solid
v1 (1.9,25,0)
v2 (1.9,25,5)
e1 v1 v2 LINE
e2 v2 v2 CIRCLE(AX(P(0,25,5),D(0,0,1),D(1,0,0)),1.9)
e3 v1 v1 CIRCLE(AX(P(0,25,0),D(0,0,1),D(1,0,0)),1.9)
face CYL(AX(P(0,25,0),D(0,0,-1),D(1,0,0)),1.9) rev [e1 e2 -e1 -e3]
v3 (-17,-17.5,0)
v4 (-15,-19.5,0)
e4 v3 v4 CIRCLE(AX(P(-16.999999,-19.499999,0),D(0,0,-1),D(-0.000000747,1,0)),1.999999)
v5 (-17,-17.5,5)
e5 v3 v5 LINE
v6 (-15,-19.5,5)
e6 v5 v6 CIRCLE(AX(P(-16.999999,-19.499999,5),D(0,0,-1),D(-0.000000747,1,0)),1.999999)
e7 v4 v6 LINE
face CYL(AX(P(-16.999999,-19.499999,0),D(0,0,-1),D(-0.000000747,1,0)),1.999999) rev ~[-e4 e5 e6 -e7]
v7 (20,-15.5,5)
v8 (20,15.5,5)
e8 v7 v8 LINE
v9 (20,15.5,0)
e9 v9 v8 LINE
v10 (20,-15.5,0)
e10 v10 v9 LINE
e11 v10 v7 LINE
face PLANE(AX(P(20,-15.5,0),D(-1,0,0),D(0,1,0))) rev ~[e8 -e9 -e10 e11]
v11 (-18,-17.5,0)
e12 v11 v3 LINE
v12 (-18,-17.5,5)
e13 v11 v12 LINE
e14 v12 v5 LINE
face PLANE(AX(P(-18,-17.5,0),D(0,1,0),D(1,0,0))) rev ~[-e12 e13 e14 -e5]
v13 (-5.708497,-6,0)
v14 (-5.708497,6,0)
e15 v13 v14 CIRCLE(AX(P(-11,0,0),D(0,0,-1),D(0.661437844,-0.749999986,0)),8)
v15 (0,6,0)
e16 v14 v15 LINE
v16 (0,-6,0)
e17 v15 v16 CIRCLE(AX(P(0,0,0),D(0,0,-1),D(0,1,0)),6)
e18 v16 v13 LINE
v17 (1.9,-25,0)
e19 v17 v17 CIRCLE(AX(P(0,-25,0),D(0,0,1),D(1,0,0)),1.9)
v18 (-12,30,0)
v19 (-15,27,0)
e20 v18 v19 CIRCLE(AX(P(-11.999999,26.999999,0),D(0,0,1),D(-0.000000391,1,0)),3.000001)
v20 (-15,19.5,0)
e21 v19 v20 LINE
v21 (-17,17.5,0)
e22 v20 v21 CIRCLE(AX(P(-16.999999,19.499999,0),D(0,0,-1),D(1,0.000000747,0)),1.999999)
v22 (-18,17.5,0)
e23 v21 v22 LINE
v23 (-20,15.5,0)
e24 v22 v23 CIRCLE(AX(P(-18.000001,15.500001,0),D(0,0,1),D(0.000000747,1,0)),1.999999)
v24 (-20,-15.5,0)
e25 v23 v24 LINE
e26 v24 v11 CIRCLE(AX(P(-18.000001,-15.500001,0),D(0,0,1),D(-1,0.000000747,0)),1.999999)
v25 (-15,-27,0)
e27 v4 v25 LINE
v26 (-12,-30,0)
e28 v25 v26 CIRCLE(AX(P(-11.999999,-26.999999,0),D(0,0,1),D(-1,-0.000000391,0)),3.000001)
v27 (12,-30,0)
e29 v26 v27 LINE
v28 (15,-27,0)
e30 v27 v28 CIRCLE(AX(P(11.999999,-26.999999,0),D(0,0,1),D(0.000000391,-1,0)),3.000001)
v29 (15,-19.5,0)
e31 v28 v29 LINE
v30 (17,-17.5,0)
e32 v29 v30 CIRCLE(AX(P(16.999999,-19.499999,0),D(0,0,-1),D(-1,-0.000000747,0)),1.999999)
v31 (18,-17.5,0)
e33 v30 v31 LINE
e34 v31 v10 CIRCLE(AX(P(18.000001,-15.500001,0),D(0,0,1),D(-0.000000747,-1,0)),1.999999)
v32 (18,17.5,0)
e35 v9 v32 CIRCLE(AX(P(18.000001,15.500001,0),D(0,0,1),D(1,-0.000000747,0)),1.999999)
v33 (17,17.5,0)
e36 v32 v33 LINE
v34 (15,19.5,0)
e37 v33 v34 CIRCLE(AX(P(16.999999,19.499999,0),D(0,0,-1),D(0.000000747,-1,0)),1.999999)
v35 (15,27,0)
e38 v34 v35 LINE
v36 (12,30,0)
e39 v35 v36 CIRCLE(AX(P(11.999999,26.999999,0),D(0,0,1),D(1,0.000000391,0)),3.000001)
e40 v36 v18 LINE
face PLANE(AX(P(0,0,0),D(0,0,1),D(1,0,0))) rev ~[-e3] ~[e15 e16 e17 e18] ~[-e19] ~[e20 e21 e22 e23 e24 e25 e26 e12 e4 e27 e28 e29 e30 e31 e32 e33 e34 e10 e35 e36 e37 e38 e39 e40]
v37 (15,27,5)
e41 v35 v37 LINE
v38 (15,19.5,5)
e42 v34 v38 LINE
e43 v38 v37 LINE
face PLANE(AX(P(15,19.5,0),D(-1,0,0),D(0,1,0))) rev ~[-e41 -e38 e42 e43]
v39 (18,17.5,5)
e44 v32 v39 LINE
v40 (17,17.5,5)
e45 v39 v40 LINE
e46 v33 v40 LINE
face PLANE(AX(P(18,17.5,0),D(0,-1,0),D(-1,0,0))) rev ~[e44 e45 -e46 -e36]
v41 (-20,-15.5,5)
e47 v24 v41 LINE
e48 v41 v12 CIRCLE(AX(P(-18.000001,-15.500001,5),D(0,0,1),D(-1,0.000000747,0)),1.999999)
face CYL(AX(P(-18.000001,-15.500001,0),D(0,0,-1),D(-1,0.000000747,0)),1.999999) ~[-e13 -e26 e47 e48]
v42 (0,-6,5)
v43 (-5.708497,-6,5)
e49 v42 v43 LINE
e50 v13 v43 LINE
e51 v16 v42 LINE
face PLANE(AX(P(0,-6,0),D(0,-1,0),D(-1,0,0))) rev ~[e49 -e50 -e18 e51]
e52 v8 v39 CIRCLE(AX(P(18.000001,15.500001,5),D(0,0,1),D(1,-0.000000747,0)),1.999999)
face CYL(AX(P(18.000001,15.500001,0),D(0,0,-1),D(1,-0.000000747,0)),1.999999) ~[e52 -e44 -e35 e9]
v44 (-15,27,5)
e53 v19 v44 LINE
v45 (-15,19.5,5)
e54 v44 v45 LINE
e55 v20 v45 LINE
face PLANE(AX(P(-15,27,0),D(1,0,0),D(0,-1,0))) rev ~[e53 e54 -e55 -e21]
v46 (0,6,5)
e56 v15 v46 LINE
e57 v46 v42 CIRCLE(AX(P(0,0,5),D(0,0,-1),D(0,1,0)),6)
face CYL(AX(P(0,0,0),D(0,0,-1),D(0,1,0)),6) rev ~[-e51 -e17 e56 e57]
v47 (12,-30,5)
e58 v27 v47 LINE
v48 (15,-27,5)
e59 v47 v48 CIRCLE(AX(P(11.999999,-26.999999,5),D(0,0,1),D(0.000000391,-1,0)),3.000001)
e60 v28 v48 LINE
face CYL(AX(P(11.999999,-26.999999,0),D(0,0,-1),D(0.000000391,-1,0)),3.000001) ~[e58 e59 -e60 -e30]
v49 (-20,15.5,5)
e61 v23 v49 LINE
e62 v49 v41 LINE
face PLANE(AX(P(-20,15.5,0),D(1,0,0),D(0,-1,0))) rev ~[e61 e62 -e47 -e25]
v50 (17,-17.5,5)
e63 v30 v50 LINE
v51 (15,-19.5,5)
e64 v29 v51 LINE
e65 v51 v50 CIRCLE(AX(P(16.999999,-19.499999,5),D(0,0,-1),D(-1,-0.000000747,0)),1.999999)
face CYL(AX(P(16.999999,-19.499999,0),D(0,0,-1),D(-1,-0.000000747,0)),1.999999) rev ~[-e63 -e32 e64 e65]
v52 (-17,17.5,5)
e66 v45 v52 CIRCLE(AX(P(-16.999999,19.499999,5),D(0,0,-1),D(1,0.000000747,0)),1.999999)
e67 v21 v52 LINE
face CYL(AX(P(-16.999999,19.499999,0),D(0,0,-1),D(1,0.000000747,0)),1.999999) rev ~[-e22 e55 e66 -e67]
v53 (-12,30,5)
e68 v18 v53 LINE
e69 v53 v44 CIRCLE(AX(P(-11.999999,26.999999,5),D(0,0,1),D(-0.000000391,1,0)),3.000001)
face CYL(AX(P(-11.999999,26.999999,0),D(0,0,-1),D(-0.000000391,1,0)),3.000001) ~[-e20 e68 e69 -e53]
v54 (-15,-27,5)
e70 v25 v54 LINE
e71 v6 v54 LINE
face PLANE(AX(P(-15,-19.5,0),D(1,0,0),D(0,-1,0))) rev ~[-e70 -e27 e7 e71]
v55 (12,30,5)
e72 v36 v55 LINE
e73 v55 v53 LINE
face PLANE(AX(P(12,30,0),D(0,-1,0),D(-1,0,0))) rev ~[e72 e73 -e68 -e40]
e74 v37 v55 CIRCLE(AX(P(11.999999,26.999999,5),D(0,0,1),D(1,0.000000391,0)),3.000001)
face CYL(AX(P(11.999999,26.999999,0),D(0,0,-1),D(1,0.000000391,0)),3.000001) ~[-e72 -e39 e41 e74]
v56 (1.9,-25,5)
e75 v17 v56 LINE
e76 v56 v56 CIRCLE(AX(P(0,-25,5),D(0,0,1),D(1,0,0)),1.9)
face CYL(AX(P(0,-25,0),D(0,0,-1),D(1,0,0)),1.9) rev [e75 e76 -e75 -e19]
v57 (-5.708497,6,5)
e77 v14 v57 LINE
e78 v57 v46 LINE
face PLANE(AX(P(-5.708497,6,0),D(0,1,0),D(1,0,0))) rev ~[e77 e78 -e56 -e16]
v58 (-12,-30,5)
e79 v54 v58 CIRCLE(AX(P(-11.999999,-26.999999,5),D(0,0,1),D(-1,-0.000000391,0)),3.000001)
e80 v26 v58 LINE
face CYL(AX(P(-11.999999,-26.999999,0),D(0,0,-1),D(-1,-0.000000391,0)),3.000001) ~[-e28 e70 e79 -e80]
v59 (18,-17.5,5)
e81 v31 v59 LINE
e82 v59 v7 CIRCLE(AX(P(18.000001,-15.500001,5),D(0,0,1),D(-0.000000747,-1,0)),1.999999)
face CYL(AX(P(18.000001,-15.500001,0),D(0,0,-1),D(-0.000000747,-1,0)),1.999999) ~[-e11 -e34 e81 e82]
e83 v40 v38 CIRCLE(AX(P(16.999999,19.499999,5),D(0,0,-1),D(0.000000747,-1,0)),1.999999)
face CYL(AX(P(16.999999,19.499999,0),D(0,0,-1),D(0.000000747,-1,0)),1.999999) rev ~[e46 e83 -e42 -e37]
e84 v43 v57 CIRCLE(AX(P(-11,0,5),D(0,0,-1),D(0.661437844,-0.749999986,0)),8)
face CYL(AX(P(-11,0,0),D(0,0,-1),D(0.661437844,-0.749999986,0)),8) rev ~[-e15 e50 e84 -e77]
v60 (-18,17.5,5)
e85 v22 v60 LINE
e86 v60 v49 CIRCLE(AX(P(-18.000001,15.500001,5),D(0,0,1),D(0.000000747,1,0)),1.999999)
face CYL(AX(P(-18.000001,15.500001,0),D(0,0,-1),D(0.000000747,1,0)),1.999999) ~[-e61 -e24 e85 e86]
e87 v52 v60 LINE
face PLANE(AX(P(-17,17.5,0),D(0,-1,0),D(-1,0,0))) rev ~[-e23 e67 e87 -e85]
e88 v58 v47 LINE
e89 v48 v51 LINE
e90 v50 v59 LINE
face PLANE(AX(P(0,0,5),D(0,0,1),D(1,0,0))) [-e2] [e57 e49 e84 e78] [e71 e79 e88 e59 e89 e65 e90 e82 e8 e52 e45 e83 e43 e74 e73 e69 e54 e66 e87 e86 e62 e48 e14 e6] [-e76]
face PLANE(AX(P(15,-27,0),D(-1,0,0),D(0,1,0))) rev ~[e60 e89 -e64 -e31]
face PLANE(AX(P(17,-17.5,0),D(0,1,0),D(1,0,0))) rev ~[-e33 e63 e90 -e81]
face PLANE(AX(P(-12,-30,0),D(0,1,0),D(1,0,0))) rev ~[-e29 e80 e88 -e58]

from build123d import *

# Parameters (mm, degrees)
F0_R     = 1.9
F1_DEPTH = 5


with BuildPart() as f1:
    # F0 (on Top) → F1 (new body)
    with BuildSketch(Plane.XY):
        with BuildLine():
            Line((-12, -30), (12, -30))
            ThreePointArc((12, -30), (14.12132, -29.12132), (15, -27))
            Line((15, -27), (15, -19.5))
            ThreePointArc((15, -19.5), (15.585786, -18.085786), (17, -17.5))
            Line((17, -17.5), (18, -17.5))
            ThreePointArc((18, -17.5), (19.414214, -16.914214), (20, -15.5))
            Line((20, -15.5), (20, 15.5))
            ThreePointArc((20, 15.5), (19.414214, 16.914214), (18, 17.5))
            Line((18, 17.5), (17, 17.5))
            ThreePointArc((17, 17.5), (15.585786, 18.085786), (15, 19.5))
            Line((15, 19.5), (15, 27))
            ThreePointArc((15, 27), (14.12132, 29.12132), (12, 30))
            Line((12, 30), (-12, 30))
            ThreePointArc((-12, 30), (-14.12132, 29.12132), (-15, 27))
            Line((-15, 27), (-15, 19.5))
            ThreePointArc((-15, 19.5), (-15.585786, 18.085786), (-17, 17.5))
            Line((-17, 17.5), (-18, 17.5))
            ThreePointArc((-18, 17.5), (-19.414214, 16.914214), (-20, 15.5))
            Line((-20, 15.5), (-20, -15.5))
            ThreePointArc((-20, -15.5), (-19.414214, -16.914214), (-18, -17.5))
            Line((-18, -17.5), (-17, -17.5))
            ThreePointArc((-17, -17.5), (-15.585786, -18.085786), (-15, -19.5))
            Line((-15, -19.5), (-15, -27))
            ThreePointArc((-15, -27), (-14.12132, -29.12132), (-12, -30))
        make_face()
        with Locations((0, -25)):
            Circle(F0_R, mode=Mode.SUBTRACT)
        with BuildLine():
            ThreePointArc((0, 6), (6, 0), (0, -6))
            Line((0, -6), (-5.708497, -6))
            ThreePointArc((-5.708497, -6), (-19, 0), (-5.708497, 6))
            Line((-5.708497, 6), (0, 6))
        make_face(mode=Mode.SUBTRACT)
        with Locations((0, 25)):
            Circle(F0_R, mode=Mode.SUBTRACT)
    extrude(amount=F1_DEPTH)


solid = f1.part
